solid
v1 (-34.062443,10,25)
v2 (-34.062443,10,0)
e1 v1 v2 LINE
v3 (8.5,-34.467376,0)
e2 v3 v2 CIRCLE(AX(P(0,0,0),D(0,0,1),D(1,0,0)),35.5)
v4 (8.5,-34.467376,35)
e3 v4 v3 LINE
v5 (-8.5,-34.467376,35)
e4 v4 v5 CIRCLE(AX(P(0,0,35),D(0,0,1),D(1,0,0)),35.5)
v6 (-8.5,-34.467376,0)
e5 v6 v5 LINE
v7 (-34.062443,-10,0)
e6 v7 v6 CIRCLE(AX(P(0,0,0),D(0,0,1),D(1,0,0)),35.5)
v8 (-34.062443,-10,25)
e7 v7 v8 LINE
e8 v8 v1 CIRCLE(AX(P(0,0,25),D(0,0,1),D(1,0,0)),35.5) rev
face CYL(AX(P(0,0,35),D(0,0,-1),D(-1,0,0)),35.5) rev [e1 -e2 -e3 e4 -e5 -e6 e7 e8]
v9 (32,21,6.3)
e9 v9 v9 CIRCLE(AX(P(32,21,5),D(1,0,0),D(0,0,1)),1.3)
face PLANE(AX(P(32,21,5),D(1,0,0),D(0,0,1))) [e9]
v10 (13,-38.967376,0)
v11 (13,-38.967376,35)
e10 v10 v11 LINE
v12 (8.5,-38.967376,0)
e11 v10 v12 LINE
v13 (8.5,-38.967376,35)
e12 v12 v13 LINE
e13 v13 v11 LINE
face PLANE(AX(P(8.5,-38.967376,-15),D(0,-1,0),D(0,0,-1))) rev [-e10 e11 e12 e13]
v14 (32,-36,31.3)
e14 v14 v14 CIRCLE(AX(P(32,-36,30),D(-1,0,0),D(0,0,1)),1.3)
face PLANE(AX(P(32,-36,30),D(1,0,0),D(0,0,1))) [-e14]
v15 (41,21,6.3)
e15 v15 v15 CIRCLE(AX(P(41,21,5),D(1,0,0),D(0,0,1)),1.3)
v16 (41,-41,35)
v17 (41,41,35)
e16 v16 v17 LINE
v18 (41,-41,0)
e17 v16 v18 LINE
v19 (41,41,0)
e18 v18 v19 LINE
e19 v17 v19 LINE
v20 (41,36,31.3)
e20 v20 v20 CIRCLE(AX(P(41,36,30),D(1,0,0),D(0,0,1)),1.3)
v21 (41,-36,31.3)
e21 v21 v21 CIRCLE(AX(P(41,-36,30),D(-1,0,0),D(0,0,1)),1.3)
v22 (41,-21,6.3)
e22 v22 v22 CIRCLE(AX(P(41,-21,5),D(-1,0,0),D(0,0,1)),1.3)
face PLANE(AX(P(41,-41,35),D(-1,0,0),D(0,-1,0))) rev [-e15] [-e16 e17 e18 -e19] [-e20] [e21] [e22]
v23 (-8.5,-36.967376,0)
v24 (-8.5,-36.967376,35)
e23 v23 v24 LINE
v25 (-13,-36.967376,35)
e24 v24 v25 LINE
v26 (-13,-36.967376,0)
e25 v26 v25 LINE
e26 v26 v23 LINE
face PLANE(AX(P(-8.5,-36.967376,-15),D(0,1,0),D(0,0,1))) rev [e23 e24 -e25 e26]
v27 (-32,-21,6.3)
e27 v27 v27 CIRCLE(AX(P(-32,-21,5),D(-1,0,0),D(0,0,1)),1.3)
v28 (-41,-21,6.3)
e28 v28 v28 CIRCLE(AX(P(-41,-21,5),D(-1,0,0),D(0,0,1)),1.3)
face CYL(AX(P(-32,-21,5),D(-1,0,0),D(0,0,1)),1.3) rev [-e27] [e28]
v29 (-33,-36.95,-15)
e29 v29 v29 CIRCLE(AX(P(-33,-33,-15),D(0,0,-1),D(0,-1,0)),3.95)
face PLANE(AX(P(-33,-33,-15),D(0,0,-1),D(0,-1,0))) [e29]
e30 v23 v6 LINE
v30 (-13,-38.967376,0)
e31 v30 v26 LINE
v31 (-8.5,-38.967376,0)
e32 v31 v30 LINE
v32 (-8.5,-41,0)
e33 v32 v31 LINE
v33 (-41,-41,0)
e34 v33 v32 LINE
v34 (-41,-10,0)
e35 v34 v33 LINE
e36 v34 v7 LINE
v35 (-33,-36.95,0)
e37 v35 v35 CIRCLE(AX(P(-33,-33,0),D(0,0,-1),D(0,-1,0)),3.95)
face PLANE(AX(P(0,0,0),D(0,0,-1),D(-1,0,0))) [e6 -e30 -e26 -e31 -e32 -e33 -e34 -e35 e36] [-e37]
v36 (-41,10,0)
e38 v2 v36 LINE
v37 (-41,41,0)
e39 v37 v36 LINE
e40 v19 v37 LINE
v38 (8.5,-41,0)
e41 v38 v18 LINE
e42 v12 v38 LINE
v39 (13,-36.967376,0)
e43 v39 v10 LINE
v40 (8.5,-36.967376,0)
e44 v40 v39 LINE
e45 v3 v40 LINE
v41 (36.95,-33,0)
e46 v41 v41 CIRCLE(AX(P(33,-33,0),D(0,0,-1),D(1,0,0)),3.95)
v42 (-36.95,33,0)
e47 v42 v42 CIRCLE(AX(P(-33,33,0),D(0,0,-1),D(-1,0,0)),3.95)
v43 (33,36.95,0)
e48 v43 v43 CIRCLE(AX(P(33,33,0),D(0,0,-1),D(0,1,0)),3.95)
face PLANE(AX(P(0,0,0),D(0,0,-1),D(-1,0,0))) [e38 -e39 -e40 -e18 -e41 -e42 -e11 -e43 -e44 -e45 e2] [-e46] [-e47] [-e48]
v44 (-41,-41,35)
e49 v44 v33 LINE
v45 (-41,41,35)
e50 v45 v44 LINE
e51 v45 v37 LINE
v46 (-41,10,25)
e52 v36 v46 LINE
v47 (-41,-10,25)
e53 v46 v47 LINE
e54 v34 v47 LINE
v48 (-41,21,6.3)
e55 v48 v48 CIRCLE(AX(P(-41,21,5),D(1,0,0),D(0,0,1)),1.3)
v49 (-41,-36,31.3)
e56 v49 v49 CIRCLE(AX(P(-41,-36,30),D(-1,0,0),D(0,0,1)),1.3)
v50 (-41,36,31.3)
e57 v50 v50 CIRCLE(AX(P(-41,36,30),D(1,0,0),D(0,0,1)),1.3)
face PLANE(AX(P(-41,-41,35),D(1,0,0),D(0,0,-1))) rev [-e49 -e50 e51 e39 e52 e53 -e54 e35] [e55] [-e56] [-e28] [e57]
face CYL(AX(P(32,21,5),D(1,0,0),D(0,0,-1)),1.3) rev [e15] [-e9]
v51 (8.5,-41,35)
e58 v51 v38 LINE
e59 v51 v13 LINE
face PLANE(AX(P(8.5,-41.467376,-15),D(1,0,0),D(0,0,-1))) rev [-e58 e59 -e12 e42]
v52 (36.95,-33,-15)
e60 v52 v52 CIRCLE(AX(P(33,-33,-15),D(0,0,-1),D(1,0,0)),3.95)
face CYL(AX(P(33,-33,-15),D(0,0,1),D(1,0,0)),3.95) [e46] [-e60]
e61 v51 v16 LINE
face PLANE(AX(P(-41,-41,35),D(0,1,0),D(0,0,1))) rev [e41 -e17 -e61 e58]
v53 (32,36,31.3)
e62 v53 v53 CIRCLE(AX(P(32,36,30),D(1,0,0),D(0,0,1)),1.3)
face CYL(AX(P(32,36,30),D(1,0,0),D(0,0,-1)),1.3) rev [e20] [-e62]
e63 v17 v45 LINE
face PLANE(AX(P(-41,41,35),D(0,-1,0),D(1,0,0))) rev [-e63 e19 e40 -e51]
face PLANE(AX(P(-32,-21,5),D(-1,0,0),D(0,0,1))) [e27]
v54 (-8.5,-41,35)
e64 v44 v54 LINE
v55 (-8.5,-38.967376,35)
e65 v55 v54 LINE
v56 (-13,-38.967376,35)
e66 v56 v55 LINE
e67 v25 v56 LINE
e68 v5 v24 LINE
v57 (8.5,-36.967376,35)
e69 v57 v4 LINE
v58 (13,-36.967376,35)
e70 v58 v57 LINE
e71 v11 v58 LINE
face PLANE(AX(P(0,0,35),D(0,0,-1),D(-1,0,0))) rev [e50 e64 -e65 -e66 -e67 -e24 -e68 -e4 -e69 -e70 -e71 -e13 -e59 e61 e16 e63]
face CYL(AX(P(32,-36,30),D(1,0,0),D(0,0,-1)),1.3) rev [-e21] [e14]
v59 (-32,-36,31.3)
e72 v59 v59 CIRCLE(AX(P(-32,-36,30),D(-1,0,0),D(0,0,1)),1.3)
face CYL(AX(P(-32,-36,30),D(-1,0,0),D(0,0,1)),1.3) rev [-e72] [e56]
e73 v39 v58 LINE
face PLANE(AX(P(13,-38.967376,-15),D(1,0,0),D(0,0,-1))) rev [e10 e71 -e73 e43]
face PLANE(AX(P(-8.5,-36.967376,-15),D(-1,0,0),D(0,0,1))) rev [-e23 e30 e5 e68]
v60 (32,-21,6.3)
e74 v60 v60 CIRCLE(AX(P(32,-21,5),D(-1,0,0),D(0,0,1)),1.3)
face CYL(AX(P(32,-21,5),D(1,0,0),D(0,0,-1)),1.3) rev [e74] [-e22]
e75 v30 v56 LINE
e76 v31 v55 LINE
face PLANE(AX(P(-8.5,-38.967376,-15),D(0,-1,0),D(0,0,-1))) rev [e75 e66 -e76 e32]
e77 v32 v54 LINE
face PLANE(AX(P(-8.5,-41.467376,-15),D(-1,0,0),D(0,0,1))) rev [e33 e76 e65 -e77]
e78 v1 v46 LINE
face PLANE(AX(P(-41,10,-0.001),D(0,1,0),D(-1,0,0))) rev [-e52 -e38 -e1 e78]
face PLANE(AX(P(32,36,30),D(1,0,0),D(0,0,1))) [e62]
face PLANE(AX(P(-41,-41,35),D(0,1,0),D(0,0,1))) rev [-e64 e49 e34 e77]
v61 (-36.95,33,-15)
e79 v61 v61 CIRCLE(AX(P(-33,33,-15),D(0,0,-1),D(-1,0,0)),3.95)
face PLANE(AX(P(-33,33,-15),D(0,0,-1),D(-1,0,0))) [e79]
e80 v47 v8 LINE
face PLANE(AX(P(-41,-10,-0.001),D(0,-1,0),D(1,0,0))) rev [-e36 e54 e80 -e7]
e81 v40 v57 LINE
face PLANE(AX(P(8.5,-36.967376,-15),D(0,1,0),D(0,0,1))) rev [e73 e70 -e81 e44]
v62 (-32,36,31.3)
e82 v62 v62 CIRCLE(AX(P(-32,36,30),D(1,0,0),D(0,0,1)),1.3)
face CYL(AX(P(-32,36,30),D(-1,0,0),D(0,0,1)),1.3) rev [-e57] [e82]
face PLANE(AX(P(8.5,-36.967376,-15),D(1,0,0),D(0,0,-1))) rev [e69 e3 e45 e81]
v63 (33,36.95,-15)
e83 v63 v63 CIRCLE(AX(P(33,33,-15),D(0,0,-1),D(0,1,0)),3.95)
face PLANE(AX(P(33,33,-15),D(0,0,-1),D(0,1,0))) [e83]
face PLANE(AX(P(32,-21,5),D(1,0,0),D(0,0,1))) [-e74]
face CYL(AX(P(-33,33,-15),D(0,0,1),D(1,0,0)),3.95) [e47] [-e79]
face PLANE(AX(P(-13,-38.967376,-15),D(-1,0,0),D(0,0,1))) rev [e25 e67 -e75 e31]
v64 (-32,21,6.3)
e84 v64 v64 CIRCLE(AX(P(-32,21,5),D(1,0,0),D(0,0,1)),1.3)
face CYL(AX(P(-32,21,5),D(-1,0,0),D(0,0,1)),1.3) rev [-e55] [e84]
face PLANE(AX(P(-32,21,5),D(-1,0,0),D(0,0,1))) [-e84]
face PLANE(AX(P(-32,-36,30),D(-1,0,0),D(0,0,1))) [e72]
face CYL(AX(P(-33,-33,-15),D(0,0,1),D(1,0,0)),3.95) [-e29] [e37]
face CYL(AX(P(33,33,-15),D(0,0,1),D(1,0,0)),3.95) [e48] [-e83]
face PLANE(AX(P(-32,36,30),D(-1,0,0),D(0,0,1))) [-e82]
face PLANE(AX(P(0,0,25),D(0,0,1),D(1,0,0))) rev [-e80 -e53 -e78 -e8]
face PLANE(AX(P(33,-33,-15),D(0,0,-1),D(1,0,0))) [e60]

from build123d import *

# Parameters (mm, degrees)
SKETCH_1_W               = 82
SKETCH_1_H               = 82
SKETCH_1_R               = 35.5
EXTRUDE_1_DEPTH          = 35
CUT_EXTRUDE_1_REACH      = 79.727
CUT_EXTRUDE_START        = -10
SKETCH_2_W               = 8
SKETCH_2_H               = 20
SKETCH_3_R               = 3.95
EXTRUDE_2_DEPTH          = 15
PATTERN_CIRCULAR_1_COUNT = 4
SKETCH_4_R               = 1.3
CUT_EXTRUDE_2_DEPTH      = 9
MIRROR_4_COPY_1_SKETCH_R = 1.3
MIRROR_4_COPY_1_DEPTH    = 9
MIRROR_4_COPY_2_SKETCH_R = 1.3
MIRROR_4_COPY_2_DEPTH    = 9
CUT_EXTRUDE_3_DEPTH      = 77.56369897


with BuildPart() as part:
    # 草圖1 → 填料-伸長1 (new body)
    with BuildSketch(Plane.XY):
        Rectangle(SKETCH_1_W, SKETCH_1_H)
        Circle(SKETCH_1_R, mode=Mode.SUBTRACT)
    extrude(amount=EXTRUDE_1_DEPTH)

    # 草圖2 → 除料-伸長1 (cut, up to next)
    with BuildSketch(Plane.XY.offset(35).offset(CUT_EXTRUDE_START), mode=Mode.PRIVATE) as cut_extrude_1_sk1:
        with Locations((-37, 0)):
            Rectangle(SKETCH_2_W, SKETCH_2_H)
    cut_extrude_1_tool1 = extrude(cut_extrude_1_sk1.sketch, amount=-CUT_EXTRUDE_1_REACH, mode=Mode.PRIVATE) & part.part
    add(cut_extrude_1_tool1.solids().sort_by_distance((-37, 0, 25))[0], mode=Mode.SUBTRACT)

    # 草圖3 → 填料-伸長2 (add)
    with BuildSketch(Plane(origin=(0, 0, 0), x_dir=(-1, 0, 0), z_dir=(0, 0, -1))):
        with Locations((33, 33)):
            Circle(SKETCH_3_R)
    extrude_2 = extrude(amount=EXTRUDE_2_DEPTH)

    # 環狀複製排列1: 填料-伸長2 ×4 about axis
    pattern_circular_1_axis = Axis((0, 0, 55), (0, 0, -1))
    for i in range(1, PATTERN_CIRCULAR_1_COUNT):
        add(extrude_2.rotate(pattern_circular_1_axis, i * 360 / PATTERN_CIRCULAR_1_COUNT))

    # 草圖4 → 除料-伸長2 (cut)
    with BuildSketch(Plane.ZY.offset(41)):
        with Locations((5, -21)):
            Circle(SKETCH_4_R)
        with Locations((30, -36)):
            Circle(SKETCH_4_R)
    cut_extrude_2 = extrude(amount=-CUT_EXTRUDE_2_DEPTH, mode=Mode.SUBTRACT)

    # 鏡射2: 除料-伸長2 across plane
    add(cut_extrude_2.mirror(Plane.ZX), mode=Mode.SUBTRACT)

    # 鏡射4 copy 1 sketch → 鏡射4 copy 1 (cut)
    with BuildSketch(Plane(origin=(41, 0, 0), x_dir=(0, 0, 1), z_dir=(1, 0, 0))):
        with Locations((5, -21)):
            Circle(MIRROR_4_COPY_1_SKETCH_R)
        with Locations((30, -36)):
            Circle(MIRROR_4_COPY_1_SKETCH_R)
    extrude(amount=-MIRROR_4_COPY_1_DEPTH, mode=Mode.SUBTRACT)

    # 鏡射4 copy 2 sketch → 鏡射4 copy 2 (cut)
    with BuildSketch(Plane(origin=(41, 0, 0), x_dir=(0, 0, 1), z_dir=(1, 0, 0))):
        with Locations((5, 21)):
            Circle(MIRROR_4_COPY_2_SKETCH_R)
        with Locations((30, 36)):
            Circle(MIRROR_4_COPY_2_SKETCH_R)
    extrude(amount=-MIRROR_4_COPY_2_DEPTH, mode=Mode.SUBTRACT)

    # 草圖5 → 除料-伸長3 (cut, through all)
    with BuildSketch(Plane.XY.offset(35)):
        Polygon((-8.5, -36.967375879), (-8.5, -34.467375879), (8.5, -34.467375879), (8.5, -36.967375879), (13, -36.967375879), (13, -38.967375879), (8.5, -38.967375879), (8.5, -41.467375879), (-8.5, -41.467375879), (-8.5, -38.967375879), (-13, -38.967375879), (-13, -36.967375879), align=None)
    extrude(amount=-CUT_EXTRUDE_3_DEPTH, mode=Mode.SUBTRACT)


solid = part.part
